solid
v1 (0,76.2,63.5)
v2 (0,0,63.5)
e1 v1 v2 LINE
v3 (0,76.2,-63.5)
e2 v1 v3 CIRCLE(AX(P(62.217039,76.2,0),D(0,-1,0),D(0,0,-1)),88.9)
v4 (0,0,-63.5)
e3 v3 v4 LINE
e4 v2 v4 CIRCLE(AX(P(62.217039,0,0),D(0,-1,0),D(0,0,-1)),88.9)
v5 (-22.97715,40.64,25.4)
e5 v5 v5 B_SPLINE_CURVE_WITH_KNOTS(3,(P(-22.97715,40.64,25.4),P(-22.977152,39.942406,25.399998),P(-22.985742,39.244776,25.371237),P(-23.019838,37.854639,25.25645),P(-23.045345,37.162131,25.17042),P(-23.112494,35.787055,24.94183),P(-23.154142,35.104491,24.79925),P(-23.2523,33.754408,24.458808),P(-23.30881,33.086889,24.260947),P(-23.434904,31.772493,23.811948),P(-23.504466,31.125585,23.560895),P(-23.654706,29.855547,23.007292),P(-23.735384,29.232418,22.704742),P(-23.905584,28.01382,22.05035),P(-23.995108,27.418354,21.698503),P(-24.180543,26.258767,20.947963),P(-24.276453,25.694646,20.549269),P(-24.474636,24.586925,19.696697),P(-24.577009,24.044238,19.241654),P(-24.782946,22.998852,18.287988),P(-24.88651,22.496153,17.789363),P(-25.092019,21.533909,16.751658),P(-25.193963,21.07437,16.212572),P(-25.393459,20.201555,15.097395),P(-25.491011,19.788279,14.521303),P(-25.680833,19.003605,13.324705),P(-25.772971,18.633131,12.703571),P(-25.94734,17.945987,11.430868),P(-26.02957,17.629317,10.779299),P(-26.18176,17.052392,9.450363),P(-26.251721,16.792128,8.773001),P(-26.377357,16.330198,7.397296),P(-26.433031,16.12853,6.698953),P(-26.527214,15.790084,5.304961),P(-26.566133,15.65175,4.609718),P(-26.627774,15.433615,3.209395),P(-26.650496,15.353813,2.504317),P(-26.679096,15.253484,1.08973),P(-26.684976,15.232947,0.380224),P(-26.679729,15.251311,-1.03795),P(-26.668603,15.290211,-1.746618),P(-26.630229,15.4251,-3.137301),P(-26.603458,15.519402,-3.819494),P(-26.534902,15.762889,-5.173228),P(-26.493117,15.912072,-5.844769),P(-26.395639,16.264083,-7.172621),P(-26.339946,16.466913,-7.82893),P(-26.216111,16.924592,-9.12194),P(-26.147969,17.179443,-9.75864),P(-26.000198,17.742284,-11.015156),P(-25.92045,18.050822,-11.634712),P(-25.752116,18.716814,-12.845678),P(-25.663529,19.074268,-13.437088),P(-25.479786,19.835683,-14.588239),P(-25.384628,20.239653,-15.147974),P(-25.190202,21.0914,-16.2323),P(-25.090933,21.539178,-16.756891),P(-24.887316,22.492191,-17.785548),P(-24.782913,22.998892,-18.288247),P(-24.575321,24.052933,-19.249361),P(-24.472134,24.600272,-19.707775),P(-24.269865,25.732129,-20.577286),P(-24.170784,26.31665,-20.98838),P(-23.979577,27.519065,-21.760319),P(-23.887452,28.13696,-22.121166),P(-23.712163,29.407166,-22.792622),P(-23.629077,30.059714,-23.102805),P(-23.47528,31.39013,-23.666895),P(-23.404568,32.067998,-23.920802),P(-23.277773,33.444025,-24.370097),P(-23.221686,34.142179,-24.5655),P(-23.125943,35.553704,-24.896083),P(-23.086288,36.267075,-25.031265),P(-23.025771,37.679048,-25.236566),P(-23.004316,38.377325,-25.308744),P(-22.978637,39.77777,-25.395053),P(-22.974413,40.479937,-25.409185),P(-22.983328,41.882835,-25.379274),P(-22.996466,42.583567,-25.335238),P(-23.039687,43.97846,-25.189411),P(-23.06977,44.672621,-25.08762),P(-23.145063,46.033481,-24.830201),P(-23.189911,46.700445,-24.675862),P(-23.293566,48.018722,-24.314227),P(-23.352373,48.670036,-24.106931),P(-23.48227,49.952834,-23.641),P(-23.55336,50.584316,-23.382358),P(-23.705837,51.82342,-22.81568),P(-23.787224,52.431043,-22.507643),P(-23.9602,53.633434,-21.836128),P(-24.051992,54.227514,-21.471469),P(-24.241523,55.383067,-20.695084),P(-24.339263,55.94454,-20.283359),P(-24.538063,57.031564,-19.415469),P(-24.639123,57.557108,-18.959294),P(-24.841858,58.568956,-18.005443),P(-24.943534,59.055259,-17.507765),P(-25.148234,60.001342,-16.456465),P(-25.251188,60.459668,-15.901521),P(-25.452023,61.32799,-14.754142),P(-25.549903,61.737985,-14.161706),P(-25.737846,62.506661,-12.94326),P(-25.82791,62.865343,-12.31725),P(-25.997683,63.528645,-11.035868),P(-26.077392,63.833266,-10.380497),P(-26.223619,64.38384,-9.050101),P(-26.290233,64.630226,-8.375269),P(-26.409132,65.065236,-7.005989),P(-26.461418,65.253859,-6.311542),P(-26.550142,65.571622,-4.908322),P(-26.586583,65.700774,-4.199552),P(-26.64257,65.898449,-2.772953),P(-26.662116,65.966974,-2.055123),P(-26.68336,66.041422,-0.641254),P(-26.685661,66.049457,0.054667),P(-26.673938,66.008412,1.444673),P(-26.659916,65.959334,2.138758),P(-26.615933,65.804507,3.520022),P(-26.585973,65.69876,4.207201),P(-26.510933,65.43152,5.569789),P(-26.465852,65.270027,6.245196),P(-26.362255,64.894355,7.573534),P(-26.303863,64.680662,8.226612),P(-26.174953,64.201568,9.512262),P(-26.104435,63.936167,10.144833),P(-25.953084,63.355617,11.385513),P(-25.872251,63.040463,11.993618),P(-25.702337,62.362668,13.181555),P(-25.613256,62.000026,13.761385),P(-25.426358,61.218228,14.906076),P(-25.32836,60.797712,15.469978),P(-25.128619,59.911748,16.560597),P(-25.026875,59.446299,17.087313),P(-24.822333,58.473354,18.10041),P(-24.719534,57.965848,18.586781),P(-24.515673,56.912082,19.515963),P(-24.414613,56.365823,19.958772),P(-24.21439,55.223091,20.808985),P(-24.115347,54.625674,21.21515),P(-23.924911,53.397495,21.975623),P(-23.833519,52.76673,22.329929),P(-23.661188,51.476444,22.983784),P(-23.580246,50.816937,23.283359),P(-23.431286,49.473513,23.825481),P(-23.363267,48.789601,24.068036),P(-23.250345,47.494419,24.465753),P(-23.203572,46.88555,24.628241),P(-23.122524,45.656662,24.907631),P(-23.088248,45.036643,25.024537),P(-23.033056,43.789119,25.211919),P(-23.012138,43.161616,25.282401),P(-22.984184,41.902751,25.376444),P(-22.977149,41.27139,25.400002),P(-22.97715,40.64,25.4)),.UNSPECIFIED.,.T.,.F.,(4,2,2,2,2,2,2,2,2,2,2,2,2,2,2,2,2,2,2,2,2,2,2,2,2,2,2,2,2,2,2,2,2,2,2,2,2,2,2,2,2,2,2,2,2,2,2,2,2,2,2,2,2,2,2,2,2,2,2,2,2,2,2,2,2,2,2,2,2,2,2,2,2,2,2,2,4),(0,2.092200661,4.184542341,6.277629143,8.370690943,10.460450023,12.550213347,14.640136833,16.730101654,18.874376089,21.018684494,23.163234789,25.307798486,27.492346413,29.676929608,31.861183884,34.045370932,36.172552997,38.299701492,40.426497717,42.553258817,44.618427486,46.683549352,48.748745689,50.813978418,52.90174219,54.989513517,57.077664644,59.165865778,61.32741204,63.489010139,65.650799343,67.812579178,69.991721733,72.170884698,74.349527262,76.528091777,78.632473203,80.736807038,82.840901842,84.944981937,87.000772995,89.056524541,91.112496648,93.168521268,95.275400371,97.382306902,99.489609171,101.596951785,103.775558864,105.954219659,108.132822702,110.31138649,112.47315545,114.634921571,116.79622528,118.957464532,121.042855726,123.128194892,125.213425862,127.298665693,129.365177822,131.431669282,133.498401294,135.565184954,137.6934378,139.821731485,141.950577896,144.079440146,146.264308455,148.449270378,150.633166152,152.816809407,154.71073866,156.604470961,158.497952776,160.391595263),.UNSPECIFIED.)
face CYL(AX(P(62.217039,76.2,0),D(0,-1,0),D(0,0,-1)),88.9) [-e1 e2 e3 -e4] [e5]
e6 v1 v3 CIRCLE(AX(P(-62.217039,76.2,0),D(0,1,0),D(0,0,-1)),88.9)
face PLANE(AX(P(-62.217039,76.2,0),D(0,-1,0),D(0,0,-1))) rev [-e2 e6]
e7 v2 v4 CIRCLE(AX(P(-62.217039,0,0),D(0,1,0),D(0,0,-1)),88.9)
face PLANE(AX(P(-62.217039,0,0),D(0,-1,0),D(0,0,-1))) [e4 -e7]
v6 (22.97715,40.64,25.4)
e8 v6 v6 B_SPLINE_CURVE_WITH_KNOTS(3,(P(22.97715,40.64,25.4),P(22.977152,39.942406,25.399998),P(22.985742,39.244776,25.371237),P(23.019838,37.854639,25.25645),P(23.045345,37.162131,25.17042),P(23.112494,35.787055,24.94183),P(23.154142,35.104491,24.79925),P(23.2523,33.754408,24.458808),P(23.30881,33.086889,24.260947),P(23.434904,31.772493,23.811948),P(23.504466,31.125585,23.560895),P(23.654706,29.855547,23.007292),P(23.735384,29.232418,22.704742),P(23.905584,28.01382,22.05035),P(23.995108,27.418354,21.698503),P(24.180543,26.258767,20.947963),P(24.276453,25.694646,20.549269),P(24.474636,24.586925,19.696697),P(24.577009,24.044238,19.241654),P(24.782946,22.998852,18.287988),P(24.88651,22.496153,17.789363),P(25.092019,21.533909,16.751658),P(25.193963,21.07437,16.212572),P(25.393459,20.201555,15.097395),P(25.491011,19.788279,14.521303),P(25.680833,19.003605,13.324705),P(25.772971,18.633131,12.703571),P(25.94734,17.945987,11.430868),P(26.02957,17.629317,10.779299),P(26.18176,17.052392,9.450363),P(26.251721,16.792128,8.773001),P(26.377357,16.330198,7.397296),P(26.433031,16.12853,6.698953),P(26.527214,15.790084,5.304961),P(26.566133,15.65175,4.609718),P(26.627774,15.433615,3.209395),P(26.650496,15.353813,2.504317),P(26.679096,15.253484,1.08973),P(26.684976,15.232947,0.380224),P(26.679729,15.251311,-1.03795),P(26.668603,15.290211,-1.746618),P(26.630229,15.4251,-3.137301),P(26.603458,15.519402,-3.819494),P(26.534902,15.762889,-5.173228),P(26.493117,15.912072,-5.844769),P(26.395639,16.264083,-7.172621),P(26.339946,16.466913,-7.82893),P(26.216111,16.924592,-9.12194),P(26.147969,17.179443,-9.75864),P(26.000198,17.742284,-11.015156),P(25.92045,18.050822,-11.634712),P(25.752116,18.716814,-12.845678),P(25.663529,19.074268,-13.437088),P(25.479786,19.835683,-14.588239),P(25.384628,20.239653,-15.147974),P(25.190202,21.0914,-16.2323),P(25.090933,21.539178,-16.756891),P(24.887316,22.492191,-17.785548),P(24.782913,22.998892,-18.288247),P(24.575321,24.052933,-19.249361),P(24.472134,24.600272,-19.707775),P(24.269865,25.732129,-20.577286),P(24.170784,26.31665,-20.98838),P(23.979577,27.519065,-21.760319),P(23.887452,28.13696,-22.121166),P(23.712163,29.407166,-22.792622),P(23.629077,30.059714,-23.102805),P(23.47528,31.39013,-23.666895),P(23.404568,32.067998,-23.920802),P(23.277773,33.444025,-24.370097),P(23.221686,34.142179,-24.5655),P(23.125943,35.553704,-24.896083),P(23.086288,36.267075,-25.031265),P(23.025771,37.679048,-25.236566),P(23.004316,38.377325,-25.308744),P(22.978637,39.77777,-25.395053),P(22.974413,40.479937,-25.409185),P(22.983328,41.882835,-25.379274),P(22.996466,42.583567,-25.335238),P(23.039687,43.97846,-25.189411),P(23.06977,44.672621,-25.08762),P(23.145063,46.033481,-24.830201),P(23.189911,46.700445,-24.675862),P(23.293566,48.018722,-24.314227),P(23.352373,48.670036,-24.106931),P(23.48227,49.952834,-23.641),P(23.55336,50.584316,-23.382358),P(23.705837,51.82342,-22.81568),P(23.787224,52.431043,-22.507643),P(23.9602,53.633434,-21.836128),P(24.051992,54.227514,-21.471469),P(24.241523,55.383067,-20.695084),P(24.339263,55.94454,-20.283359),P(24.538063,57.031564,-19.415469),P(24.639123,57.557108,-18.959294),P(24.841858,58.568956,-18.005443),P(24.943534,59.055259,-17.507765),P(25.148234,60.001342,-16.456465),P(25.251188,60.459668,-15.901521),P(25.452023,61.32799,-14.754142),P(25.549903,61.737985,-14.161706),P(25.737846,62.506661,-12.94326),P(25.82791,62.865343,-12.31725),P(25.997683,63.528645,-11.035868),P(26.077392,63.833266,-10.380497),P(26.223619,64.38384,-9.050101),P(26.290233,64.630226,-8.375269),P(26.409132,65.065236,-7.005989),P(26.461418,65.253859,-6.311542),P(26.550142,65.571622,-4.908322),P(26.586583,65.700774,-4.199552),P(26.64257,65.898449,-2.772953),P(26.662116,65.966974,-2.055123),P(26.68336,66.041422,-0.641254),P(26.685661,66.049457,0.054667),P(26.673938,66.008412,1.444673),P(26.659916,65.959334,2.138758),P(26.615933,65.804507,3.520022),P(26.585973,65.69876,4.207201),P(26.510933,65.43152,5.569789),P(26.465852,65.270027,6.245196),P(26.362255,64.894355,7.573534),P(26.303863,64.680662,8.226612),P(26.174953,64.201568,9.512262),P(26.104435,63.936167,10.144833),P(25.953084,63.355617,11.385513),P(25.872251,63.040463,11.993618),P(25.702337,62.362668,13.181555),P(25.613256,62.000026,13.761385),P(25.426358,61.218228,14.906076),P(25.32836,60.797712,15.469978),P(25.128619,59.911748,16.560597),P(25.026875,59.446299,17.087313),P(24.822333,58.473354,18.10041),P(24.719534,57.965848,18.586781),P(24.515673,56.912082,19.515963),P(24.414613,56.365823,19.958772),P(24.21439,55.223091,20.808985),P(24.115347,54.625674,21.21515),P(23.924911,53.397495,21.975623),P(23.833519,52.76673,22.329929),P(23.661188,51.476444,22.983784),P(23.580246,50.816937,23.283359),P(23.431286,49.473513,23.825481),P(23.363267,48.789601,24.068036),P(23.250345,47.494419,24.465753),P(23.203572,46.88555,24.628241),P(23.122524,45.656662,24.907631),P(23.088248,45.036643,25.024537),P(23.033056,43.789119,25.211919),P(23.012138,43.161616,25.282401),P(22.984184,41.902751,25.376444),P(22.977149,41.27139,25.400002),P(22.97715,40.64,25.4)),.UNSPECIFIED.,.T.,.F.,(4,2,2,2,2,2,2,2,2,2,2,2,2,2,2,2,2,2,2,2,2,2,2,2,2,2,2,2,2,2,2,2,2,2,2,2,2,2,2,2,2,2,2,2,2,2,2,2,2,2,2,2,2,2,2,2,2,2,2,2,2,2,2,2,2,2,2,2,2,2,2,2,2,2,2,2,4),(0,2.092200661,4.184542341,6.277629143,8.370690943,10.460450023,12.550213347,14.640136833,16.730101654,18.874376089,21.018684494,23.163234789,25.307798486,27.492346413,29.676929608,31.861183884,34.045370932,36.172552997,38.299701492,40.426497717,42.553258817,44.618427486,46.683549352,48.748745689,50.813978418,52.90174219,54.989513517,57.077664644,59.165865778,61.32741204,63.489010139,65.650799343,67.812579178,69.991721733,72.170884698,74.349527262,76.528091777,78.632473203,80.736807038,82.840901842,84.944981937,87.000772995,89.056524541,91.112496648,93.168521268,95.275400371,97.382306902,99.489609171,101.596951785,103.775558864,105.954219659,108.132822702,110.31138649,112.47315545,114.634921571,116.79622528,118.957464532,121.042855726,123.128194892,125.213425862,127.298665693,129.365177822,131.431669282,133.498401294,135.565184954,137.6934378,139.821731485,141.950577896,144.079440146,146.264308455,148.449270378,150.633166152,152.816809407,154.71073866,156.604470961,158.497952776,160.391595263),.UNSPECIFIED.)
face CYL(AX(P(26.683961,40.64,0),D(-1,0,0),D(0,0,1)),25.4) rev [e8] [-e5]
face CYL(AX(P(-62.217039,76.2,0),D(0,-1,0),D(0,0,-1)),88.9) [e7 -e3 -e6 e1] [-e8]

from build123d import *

# Parameters (mm, degrees)
BOSS_EXTRUDE1_DEPTH     = 76.2
CUT_EXTRUDE1_REACH      = 104.716
CUT_EXTRUDE1_END_RADIUS = 88.9
SKETCH2_R               = 25.4


with BuildPart() as part:
    # Sketch1 → Boss-Extrude1 (new body)
    with BuildSketch(Plane(origin=(0, 0, 0), x_dir=(1, 0, 0), z_dir=(0, 1, 0))):
        with BuildLine():
            Line((0, 63.5), (0, -63.5))
            ThreePointArc((0, -63.5), (26.682960533, 0), (0, 63.5))
        make_face()
    extrude(amount=BOSS_EXTRUDE1_DEPTH)

    # Cut-Extrude1: up to this cylinder (the profile starts inside it)
    cut_extrude1_end = Plane(origin=(-62.217039467, 40.64, 0), z_dir=(0, -1, 0)) * Cylinder(CUT_EXTRUDE1_END_RADIUS, 388.232, mode=Mode.PRIVATE)
    # Sketch2 → Cut-Extrude1 (cut, up to the surface)
    with BuildSketch(Plane.ZY, mode=Mode.PRIVATE) as cut_extrude1_sk1:
        with Locations((0, 40.64)):
            Circle(SKETCH2_R)
    cut_extrude1_tool1 = extrude(cut_extrude1_sk1.sketch, amount=-CUT_EXTRUDE1_REACH, mode=Mode.PRIVATE) & cut_extrude1_end
    add(cut_extrude1_tool1.solids().sort_by_distance((0, 40.64, 0))[0], mode=Mode.SUBTRACT)

    # Mirror1: part across plane


with BuildPart() as part_1:
    add(part.part)
    add(part.part.mirror(Plane(origin=(0, 76.2, -63.5), x_dir=(0, 0, 1), z_dir=(1, 0, 0))))


solid = part_1.part
